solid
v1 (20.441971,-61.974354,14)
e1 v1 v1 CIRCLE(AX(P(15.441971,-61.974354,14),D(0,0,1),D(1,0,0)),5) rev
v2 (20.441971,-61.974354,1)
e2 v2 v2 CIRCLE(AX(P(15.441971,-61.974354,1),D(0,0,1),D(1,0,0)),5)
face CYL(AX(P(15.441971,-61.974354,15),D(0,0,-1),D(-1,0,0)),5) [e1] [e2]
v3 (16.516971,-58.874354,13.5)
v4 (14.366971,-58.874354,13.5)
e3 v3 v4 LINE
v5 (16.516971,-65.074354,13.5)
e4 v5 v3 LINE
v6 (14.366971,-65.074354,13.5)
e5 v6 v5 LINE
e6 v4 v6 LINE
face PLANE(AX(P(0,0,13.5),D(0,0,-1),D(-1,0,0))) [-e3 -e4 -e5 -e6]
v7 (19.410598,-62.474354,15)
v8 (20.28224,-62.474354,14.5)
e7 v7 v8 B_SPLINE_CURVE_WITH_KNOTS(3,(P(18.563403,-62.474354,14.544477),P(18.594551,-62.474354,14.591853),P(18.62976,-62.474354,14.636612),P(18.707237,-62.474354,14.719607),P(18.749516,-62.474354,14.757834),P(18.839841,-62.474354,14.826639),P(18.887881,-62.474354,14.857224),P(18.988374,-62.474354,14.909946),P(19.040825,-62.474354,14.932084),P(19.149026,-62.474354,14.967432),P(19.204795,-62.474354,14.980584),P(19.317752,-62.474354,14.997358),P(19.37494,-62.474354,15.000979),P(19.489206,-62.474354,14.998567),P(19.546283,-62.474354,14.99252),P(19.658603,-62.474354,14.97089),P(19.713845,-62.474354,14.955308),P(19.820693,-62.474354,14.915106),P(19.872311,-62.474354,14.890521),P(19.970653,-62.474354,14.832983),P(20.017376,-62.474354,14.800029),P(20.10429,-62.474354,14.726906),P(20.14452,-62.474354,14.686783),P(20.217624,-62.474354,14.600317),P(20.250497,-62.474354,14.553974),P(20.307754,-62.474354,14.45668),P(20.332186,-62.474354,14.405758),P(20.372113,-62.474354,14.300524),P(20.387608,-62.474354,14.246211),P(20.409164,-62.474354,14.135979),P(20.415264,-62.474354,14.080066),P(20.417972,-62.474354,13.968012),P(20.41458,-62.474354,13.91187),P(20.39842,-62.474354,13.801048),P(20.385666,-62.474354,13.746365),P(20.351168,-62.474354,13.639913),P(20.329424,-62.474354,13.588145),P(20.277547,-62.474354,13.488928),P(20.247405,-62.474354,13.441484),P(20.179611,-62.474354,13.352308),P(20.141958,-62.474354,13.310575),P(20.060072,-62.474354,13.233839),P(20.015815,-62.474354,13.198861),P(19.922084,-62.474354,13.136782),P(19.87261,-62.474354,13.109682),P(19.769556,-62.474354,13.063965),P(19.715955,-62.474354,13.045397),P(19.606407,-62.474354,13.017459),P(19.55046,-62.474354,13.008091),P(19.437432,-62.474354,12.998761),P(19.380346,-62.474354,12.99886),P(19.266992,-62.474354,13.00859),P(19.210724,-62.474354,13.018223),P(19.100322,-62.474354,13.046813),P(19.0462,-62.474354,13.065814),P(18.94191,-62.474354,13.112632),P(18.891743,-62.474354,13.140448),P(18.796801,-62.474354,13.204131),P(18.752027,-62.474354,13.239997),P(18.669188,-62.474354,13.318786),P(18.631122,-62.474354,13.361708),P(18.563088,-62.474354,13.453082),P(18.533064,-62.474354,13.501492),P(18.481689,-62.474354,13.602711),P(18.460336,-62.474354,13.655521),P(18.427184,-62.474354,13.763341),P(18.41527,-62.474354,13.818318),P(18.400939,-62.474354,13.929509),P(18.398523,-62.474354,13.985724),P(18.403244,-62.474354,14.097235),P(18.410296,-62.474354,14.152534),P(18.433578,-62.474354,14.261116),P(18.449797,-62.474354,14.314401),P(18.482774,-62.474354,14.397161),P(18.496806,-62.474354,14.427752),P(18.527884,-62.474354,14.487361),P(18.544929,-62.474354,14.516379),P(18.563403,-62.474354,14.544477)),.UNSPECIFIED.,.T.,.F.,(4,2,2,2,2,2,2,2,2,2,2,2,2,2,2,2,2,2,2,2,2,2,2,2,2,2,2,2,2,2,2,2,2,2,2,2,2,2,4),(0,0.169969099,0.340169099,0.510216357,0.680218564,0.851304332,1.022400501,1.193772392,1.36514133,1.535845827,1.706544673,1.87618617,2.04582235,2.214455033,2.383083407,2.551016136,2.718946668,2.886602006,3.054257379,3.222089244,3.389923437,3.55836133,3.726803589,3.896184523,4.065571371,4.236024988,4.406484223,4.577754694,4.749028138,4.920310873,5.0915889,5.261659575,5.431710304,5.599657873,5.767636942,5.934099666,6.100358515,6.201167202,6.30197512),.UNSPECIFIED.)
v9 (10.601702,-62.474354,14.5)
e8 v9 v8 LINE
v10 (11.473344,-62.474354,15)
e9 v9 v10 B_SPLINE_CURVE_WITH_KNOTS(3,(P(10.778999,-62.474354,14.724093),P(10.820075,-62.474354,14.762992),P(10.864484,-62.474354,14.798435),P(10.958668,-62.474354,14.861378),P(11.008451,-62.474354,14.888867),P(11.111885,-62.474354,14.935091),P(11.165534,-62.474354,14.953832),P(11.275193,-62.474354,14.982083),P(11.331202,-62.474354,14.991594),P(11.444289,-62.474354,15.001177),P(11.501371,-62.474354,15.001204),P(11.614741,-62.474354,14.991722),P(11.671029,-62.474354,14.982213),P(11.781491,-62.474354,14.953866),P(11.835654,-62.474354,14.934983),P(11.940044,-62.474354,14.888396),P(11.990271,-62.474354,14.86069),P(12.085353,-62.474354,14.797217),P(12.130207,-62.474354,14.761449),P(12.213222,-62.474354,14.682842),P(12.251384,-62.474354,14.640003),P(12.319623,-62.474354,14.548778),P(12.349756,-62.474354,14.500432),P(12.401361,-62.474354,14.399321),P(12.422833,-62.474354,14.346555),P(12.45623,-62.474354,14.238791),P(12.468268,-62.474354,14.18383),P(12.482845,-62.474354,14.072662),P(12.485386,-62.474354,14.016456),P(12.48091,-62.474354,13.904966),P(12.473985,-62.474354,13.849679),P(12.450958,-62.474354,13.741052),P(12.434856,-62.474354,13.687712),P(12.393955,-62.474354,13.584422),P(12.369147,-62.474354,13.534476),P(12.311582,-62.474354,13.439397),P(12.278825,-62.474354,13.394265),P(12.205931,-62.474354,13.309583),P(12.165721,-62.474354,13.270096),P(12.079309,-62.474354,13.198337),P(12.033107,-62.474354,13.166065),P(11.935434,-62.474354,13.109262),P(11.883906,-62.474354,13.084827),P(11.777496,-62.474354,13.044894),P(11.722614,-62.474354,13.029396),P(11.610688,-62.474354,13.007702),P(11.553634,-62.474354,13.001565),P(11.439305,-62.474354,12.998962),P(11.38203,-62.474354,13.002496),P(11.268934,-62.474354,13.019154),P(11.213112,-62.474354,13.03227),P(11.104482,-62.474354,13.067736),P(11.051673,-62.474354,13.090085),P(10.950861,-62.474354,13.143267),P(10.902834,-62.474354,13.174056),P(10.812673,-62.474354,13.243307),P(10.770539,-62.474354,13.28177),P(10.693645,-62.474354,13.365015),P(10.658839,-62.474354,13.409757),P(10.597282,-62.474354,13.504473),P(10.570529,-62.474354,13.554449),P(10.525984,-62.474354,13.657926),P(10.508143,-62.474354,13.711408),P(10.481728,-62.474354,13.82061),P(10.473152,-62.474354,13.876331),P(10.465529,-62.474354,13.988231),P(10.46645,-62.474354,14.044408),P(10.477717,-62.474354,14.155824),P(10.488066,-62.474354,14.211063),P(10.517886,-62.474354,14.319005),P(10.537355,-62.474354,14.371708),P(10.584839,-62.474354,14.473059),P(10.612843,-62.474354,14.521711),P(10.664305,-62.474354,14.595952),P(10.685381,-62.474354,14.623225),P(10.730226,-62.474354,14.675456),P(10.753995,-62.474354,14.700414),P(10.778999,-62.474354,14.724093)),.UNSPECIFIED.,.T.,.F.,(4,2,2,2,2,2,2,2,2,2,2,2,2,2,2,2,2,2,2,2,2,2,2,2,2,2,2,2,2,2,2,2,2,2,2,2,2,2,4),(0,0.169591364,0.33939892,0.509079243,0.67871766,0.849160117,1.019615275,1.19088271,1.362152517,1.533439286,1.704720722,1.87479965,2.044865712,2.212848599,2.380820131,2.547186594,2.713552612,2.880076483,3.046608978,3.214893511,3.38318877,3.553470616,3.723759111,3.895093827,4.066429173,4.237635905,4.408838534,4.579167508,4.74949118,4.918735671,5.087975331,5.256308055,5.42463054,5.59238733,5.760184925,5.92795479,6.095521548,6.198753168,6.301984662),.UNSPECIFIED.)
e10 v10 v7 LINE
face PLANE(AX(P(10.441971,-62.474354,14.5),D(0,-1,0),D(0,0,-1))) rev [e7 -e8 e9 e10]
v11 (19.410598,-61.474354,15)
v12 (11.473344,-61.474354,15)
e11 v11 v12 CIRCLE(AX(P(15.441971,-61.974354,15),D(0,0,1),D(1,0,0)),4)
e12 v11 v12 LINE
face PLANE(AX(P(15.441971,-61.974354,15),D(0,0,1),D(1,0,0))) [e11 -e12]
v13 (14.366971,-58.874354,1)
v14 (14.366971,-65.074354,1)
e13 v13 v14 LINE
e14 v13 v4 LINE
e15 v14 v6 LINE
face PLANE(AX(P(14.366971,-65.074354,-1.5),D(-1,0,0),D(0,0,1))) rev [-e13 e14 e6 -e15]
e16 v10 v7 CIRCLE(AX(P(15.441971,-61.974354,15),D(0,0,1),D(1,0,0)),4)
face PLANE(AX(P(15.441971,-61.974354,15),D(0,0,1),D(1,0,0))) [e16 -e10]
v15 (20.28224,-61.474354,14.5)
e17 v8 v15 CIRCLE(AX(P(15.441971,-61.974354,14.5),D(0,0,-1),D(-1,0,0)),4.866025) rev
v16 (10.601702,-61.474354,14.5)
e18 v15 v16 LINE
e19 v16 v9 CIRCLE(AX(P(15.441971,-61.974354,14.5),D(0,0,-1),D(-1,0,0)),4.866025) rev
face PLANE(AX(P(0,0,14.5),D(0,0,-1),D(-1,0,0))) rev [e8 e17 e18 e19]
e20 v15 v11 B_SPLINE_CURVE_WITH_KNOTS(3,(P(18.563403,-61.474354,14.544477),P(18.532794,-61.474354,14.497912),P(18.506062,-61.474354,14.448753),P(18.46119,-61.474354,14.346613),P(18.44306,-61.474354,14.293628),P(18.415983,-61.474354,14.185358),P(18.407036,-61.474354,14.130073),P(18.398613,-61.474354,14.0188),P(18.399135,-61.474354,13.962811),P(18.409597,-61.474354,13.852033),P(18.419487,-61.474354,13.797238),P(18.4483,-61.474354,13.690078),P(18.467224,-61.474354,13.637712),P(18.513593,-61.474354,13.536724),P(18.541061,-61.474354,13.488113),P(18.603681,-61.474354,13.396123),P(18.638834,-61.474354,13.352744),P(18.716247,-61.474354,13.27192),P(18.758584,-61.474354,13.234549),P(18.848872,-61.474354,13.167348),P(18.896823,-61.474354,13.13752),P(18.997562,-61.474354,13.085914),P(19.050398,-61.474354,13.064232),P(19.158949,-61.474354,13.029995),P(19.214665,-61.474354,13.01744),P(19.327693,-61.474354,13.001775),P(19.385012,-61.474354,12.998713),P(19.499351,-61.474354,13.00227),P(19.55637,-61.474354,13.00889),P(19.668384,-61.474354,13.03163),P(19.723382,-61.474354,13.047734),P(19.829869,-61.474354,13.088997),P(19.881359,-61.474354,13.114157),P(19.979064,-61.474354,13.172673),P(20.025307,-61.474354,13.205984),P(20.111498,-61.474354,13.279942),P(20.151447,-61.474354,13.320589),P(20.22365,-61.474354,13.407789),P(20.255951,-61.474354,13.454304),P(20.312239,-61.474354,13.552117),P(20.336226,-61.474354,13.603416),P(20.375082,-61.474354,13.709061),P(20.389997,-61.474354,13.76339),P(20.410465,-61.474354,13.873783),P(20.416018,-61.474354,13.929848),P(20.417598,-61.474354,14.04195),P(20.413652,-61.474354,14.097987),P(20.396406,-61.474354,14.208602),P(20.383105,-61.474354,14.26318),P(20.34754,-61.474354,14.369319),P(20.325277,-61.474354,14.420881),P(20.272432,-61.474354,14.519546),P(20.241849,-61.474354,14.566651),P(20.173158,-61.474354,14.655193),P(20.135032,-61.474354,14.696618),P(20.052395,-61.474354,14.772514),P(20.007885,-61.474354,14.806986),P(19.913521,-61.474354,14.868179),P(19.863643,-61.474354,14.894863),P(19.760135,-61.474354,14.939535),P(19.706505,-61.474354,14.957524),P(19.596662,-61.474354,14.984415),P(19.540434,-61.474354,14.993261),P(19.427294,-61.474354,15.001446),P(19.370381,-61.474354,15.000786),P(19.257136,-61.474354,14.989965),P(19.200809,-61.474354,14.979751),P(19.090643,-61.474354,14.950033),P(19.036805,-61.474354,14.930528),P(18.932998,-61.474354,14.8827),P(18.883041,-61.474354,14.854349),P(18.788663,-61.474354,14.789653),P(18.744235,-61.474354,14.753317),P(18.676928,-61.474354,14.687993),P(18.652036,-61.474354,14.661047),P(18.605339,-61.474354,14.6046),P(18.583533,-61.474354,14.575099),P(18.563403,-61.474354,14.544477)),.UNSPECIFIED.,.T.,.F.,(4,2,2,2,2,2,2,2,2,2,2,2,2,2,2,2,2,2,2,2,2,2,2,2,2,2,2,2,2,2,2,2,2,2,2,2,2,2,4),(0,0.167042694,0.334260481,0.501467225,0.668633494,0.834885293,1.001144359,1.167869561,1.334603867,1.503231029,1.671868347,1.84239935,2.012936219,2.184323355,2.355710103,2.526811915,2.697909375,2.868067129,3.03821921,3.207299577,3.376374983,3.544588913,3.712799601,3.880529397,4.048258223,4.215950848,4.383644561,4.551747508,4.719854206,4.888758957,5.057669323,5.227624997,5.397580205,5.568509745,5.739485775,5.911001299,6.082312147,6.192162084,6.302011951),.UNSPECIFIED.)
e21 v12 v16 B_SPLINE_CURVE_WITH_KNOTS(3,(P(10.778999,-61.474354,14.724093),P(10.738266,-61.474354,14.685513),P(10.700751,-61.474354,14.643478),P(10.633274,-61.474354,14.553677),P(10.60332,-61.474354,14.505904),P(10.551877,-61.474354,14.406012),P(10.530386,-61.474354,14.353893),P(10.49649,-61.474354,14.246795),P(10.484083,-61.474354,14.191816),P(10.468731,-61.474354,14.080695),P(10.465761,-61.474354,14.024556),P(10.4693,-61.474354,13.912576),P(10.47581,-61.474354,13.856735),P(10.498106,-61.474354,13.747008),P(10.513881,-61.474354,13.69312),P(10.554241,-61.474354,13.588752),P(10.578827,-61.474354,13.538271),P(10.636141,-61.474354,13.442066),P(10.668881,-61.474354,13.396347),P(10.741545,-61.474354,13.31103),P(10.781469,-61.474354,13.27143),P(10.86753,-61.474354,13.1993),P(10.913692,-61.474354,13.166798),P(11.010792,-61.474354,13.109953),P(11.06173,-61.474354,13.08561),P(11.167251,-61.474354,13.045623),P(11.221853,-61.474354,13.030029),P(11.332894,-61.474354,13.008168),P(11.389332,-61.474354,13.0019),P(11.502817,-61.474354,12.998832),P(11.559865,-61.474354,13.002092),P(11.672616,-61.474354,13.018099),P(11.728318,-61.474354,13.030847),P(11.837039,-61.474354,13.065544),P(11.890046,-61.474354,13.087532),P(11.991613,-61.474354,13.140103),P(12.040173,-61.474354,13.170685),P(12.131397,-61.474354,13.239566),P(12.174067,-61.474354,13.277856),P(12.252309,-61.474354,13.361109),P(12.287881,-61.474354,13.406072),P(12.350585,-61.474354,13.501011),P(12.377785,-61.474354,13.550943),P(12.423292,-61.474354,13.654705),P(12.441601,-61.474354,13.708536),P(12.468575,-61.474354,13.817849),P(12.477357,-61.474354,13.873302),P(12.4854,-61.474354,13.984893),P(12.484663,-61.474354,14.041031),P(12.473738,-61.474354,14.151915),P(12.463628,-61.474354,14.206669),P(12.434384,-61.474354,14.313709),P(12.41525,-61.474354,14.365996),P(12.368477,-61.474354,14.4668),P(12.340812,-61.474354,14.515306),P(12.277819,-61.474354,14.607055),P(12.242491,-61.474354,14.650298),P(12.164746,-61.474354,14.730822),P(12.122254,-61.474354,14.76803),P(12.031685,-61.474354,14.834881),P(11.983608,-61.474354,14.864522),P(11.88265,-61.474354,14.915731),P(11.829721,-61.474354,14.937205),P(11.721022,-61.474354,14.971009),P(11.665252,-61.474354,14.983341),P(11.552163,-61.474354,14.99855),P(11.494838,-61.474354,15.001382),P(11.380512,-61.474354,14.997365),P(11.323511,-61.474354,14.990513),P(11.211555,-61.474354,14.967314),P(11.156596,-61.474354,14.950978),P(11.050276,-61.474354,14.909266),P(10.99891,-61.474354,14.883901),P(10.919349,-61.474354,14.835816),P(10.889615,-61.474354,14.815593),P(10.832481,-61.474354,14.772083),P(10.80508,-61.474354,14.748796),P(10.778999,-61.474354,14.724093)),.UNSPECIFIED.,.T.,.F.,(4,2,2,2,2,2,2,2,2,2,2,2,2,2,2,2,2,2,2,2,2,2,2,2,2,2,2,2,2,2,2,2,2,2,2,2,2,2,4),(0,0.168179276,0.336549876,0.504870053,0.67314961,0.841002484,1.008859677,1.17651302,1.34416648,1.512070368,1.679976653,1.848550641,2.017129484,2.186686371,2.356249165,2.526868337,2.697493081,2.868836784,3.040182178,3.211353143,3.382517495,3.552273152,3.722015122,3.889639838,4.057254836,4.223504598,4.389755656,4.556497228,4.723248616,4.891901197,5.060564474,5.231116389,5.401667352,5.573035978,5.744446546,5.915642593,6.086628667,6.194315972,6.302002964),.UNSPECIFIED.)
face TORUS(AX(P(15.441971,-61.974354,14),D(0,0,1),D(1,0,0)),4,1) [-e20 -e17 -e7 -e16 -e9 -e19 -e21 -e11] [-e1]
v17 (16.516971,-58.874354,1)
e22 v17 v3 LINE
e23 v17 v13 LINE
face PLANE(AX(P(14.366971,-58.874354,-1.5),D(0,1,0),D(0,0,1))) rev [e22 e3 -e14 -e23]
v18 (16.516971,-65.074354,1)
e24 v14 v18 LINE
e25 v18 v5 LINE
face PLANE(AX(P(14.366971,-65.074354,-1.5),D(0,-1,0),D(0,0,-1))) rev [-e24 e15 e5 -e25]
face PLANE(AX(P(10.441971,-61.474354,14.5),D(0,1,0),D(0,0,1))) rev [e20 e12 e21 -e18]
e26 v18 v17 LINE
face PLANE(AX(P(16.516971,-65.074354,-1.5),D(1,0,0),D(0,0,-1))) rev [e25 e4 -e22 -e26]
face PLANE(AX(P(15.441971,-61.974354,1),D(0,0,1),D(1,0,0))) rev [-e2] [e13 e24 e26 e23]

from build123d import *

# Parameters (mm, degrees)
BOSS_EXTRUDE1_START = 1
SKETCH1_R           = 5
BOSS_EXTRUDE1_DEPTH = 14
CUT_EXTRUDE1_START  = -1.5
SKETCH2_W           = 2.15
SKETCH2_H           = 6.2
CUT_EXTRUDE1_DEPTH  = 15
FILLET2_R           = 1
SKETCH3_W           = 10
SKETCH3_H           = 1
CUT_EXTRUDE2_DEPTH  = 0.5


with BuildPart() as part:
    # Sketch1 → Boss-Extrude1 (new body)
    with BuildSketch(Plane.XY.offset(BOSS_EXTRUDE1_START)):
        with Locations((15.441970815, -61.974353767)):
            Circle(SKETCH1_R)
    extrude(amount=BOSS_EXTRUDE1_DEPTH)

    # Sketch2 → Cut-Extrude1 (cut)
    with BuildSketch(Plane.XY.offset(15).offset(CUT_EXTRUDE1_START)):
        with Locations((15.441970815, -61.974353767)):
            Rectangle(SKETCH2_W, SKETCH2_H)
    extrude(amount=-CUT_EXTRUDE1_DEPTH, mode=Mode.SUBTRACT)

    # Fillet2
    fillet2_edges = [part.edges().sort_by_distance(p)[0] for p in [
        (10.441970815, -61.974353767, 15),
    ]]
    fillet(fillet2_edges, radius=FILLET2_R)

    # Sketch3 → Cut-Extrude2 (cut)
    with BuildSketch(Plane.XY.offset(15)):
        with Locations((15.441970815, -61.974353767)):
            Rectangle(SKETCH3_W, SKETCH3_H)
    extrude(amount=-CUT_EXTRUDE2_DEPTH, mode=Mode.SUBTRACT)


solid = part.part
